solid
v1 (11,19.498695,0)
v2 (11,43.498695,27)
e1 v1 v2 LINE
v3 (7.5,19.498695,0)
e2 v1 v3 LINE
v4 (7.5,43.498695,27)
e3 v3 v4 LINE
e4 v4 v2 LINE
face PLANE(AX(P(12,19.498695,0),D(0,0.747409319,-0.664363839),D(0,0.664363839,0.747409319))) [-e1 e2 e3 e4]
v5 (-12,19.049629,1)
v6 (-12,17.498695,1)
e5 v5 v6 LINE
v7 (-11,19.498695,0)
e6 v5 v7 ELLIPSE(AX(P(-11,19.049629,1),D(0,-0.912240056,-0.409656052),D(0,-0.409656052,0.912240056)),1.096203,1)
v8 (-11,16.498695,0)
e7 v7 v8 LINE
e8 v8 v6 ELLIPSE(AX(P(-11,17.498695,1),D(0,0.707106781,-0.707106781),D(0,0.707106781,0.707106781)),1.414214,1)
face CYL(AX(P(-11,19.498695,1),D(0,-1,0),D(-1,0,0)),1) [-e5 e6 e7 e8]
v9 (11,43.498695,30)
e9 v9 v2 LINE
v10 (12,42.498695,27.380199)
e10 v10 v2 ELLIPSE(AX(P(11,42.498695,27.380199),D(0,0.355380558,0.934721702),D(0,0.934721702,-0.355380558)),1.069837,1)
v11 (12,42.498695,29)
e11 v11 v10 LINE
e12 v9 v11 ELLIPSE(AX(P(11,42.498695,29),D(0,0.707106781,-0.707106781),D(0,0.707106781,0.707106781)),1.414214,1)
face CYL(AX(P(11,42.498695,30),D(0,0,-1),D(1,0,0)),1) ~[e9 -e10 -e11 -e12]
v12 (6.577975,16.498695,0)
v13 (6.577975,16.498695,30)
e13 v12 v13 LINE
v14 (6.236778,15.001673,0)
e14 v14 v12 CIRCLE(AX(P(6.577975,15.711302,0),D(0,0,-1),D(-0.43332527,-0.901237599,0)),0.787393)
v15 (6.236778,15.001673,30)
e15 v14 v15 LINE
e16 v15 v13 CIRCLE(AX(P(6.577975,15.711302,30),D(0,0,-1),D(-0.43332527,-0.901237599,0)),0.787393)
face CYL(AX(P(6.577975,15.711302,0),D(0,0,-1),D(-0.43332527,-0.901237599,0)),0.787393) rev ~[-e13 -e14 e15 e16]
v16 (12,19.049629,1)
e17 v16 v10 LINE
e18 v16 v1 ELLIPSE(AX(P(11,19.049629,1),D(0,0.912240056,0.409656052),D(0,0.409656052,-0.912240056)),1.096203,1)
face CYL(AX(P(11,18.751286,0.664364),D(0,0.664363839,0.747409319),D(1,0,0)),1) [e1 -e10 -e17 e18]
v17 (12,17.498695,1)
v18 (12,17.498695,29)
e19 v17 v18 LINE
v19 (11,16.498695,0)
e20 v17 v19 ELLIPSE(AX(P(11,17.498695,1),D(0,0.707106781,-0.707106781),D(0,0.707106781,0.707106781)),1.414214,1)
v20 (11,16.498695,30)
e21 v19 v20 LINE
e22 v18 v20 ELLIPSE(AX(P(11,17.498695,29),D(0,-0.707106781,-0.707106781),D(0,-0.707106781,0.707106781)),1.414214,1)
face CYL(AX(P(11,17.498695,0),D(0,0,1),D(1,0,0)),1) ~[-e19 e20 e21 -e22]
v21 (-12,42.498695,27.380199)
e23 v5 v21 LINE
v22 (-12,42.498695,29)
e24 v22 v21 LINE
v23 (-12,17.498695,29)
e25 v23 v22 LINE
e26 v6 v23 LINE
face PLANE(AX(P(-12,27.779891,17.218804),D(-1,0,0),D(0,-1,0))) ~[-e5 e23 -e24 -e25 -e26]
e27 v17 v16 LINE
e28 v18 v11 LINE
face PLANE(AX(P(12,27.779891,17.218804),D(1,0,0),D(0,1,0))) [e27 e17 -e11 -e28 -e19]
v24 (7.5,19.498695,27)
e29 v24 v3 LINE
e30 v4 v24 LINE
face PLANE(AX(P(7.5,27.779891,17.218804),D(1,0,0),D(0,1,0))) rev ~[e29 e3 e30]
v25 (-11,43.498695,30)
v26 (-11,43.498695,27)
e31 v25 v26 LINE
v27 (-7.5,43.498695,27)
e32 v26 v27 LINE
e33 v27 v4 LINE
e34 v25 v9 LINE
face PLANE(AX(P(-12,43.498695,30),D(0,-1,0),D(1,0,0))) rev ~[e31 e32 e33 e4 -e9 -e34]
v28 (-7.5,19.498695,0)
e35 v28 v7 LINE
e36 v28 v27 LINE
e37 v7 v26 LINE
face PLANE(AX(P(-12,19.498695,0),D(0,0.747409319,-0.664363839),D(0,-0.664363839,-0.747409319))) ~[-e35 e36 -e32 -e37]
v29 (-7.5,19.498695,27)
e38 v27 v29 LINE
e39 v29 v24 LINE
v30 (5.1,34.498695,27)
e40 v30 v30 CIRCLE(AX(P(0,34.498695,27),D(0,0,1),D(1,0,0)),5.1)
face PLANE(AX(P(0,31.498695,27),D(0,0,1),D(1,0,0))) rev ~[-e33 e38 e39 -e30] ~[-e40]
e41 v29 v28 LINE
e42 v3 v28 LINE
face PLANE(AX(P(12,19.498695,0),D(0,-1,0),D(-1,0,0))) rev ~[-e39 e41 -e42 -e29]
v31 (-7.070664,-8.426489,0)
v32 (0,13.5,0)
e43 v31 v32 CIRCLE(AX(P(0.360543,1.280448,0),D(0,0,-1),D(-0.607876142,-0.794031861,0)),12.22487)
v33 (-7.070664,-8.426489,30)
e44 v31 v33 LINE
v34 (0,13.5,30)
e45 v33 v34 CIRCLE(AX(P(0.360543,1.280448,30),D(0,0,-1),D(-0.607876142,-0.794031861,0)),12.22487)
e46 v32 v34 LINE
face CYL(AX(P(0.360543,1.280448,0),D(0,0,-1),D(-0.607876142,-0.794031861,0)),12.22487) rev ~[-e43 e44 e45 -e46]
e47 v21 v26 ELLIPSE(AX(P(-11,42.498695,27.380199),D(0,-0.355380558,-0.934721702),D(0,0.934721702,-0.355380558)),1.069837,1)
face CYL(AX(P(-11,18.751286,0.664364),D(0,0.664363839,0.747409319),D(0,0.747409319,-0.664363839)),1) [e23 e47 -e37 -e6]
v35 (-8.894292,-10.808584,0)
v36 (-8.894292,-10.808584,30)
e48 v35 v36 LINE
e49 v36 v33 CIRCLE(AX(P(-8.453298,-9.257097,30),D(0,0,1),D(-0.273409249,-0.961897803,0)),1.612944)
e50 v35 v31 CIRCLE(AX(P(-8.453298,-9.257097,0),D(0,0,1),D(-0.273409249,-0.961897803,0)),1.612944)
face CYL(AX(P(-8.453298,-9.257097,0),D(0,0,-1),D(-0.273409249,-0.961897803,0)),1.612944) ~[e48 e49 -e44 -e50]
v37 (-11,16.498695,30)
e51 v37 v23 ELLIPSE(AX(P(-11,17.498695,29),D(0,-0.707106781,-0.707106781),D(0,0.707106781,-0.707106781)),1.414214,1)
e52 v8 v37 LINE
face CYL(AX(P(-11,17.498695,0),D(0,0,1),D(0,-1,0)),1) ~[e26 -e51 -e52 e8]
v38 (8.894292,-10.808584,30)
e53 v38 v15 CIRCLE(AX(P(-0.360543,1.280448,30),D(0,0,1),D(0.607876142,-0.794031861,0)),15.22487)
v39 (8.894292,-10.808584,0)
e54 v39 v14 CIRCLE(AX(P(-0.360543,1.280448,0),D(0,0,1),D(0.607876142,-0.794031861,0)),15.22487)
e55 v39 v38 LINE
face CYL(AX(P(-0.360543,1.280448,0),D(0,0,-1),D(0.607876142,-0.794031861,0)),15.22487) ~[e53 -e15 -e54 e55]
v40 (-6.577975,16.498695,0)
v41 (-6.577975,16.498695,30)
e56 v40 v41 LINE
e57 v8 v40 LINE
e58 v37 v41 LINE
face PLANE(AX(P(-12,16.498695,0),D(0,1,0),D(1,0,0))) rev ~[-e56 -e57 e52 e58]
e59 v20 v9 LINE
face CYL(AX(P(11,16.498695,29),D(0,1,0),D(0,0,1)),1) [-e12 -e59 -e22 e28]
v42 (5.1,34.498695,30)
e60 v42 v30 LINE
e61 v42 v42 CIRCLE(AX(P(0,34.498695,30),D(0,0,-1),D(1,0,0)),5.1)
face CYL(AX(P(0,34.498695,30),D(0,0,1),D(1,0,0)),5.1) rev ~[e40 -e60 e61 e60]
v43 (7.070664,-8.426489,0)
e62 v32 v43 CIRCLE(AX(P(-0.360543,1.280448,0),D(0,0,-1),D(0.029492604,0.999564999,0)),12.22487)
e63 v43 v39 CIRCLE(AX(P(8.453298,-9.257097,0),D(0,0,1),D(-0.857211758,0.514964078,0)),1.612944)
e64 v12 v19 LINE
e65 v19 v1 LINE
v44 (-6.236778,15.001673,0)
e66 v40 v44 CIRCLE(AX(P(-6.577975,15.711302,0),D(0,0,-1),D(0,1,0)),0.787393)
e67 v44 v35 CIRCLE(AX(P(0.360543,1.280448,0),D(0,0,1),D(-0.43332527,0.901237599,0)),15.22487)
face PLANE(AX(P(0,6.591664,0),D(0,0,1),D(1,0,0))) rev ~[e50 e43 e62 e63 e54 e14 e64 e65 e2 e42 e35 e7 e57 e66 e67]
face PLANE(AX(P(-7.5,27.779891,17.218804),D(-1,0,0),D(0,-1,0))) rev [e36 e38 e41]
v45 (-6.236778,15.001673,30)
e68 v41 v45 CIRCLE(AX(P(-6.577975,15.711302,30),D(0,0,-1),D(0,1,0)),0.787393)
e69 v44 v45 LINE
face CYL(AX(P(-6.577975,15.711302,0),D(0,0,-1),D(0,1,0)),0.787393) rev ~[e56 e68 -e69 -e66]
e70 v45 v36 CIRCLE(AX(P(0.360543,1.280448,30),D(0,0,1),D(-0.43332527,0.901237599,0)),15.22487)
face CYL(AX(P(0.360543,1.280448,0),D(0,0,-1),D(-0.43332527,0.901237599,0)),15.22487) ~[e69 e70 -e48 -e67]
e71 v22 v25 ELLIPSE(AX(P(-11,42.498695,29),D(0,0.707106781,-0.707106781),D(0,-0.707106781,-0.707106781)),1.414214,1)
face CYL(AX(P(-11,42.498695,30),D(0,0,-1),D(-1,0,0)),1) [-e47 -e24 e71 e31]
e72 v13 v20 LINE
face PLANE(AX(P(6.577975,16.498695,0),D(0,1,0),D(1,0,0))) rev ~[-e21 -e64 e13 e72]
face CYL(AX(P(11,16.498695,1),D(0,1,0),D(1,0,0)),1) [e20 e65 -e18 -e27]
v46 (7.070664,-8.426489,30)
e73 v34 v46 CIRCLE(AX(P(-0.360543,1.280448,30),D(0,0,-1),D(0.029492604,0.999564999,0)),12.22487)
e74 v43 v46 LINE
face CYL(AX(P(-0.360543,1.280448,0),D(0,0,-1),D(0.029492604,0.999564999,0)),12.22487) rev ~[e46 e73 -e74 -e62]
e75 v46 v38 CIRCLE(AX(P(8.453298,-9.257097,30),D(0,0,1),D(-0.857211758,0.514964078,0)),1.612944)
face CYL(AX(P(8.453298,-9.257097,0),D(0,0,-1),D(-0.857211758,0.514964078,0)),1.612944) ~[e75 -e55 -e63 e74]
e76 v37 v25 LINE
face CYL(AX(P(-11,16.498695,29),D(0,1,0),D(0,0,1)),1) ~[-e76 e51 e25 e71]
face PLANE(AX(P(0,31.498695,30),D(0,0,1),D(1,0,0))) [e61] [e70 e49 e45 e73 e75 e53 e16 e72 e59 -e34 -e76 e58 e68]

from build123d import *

# Parameters (mm, degrees)
F1_DEPTH = 30
F2_W     = 24
F2_H     = 24
F2_R     = 5.1
F3_DEPTH = 3
F6_DEPTH = 4.5
F8_R     = 1


with BuildPart() as f1:
    # F0 (on Top) → F1 (new body)
    with BuildSketch(Plane.XY):
        with BuildLine():
            ThreePointArc((0, 13.5), (11.2743427126, 5.0323645735), (7.0706637066, -8.4264888743))
            ThreePointArc((7.0706637066, -8.4264888743), (7.1725693465, -10.2375673256), (8.8942921325, -10.8085844568))
            ThreePointArc((8.8942921325, -10.8085844568), (14.7842599605, 2.839809495), (6.2367777531, 15.0016731019))
            ThreePointArc((6.2367777531, 15.0016731019), (5.8102691618, 15.8862752393), (6.5779752006, 16.4986949957))
            Line((6.5779752006, 16.4986949957), (12, 16.4986949957))
            Line((12, 16.4986949957), (12, 19.4986949957))
            Line((12, 19.4986949957), (-12, 19.4986949957))
            Line((-12, 19.4986949957), (-12, 16.4986949957))
            Line((-12, 16.4986949957), (-6.5779752006, 16.4986949957))
            ThreePointArc((-6.5779752006, 16.4986949957), (-5.8102691618, 15.8862752393), (-6.2367777531, 15.0016731019))
            ThreePointArc((-6.2367777531, 15.0016731019), (-14.7842599605, 2.839809495), (-8.8942921325, -10.8085844568))
            ThreePointArc((-8.8942921325, -10.8085844568), (-7.1725693465, -10.2375673256), (-7.0706637066, -8.4264888743))
            ThreePointArc((-7.0706637066, -8.4264888743), (-11.2743427126, 5.0323645735), (0, 13.5))
        make_face()
    extrude(amount=F1_DEPTH)

    # F2 (on face) → F3 (join)
    with BuildSketch(Plane.XY.offset(30)):
        with Locations((0, 31.4986949957)):
            Rectangle(F2_W, F2_H)
        with Locations((0, 34.4986949957)):
            Circle(F2_R, mode=Mode.SUBTRACT)
    extrude(amount=-F3_DEPTH)

    # F4: union 

    # F5 (on face) → F6 (join)
    with BuildSketch(Plane.YZ.offset(12)):
        Polygon((19.4986949957, 27), (19.4986949957, 0), (43.4986949957, 27), align=None)
    extrude(amount=-F6_DEPTH)

    # F7: F1 across plane


with BuildPart() as f1_1:
    add(f1.part)
    add(f1.part.mirror(Plane.YZ))

    # F8
    f8_edges = [f1_1.edges().sort_by_distance(p)[0] for p in [
        (12, 17.998695, 0),
        (12, 16.498695, 15),
        (12, 29.998695, 30),
        (12, 43.498695, 28.5),
        (12, 31.498695, 13.5),
        (-12, 43.498695, 28.5),
        (-12, 29.998695, 30),
        (-12, 16.498695, 15),
        (-12, 17.998695, 0),
        (-12, 31.498695, 13.5),
    ]]
    fillet(f8_edges, radius=F8_R)


solid = f1_1.part
